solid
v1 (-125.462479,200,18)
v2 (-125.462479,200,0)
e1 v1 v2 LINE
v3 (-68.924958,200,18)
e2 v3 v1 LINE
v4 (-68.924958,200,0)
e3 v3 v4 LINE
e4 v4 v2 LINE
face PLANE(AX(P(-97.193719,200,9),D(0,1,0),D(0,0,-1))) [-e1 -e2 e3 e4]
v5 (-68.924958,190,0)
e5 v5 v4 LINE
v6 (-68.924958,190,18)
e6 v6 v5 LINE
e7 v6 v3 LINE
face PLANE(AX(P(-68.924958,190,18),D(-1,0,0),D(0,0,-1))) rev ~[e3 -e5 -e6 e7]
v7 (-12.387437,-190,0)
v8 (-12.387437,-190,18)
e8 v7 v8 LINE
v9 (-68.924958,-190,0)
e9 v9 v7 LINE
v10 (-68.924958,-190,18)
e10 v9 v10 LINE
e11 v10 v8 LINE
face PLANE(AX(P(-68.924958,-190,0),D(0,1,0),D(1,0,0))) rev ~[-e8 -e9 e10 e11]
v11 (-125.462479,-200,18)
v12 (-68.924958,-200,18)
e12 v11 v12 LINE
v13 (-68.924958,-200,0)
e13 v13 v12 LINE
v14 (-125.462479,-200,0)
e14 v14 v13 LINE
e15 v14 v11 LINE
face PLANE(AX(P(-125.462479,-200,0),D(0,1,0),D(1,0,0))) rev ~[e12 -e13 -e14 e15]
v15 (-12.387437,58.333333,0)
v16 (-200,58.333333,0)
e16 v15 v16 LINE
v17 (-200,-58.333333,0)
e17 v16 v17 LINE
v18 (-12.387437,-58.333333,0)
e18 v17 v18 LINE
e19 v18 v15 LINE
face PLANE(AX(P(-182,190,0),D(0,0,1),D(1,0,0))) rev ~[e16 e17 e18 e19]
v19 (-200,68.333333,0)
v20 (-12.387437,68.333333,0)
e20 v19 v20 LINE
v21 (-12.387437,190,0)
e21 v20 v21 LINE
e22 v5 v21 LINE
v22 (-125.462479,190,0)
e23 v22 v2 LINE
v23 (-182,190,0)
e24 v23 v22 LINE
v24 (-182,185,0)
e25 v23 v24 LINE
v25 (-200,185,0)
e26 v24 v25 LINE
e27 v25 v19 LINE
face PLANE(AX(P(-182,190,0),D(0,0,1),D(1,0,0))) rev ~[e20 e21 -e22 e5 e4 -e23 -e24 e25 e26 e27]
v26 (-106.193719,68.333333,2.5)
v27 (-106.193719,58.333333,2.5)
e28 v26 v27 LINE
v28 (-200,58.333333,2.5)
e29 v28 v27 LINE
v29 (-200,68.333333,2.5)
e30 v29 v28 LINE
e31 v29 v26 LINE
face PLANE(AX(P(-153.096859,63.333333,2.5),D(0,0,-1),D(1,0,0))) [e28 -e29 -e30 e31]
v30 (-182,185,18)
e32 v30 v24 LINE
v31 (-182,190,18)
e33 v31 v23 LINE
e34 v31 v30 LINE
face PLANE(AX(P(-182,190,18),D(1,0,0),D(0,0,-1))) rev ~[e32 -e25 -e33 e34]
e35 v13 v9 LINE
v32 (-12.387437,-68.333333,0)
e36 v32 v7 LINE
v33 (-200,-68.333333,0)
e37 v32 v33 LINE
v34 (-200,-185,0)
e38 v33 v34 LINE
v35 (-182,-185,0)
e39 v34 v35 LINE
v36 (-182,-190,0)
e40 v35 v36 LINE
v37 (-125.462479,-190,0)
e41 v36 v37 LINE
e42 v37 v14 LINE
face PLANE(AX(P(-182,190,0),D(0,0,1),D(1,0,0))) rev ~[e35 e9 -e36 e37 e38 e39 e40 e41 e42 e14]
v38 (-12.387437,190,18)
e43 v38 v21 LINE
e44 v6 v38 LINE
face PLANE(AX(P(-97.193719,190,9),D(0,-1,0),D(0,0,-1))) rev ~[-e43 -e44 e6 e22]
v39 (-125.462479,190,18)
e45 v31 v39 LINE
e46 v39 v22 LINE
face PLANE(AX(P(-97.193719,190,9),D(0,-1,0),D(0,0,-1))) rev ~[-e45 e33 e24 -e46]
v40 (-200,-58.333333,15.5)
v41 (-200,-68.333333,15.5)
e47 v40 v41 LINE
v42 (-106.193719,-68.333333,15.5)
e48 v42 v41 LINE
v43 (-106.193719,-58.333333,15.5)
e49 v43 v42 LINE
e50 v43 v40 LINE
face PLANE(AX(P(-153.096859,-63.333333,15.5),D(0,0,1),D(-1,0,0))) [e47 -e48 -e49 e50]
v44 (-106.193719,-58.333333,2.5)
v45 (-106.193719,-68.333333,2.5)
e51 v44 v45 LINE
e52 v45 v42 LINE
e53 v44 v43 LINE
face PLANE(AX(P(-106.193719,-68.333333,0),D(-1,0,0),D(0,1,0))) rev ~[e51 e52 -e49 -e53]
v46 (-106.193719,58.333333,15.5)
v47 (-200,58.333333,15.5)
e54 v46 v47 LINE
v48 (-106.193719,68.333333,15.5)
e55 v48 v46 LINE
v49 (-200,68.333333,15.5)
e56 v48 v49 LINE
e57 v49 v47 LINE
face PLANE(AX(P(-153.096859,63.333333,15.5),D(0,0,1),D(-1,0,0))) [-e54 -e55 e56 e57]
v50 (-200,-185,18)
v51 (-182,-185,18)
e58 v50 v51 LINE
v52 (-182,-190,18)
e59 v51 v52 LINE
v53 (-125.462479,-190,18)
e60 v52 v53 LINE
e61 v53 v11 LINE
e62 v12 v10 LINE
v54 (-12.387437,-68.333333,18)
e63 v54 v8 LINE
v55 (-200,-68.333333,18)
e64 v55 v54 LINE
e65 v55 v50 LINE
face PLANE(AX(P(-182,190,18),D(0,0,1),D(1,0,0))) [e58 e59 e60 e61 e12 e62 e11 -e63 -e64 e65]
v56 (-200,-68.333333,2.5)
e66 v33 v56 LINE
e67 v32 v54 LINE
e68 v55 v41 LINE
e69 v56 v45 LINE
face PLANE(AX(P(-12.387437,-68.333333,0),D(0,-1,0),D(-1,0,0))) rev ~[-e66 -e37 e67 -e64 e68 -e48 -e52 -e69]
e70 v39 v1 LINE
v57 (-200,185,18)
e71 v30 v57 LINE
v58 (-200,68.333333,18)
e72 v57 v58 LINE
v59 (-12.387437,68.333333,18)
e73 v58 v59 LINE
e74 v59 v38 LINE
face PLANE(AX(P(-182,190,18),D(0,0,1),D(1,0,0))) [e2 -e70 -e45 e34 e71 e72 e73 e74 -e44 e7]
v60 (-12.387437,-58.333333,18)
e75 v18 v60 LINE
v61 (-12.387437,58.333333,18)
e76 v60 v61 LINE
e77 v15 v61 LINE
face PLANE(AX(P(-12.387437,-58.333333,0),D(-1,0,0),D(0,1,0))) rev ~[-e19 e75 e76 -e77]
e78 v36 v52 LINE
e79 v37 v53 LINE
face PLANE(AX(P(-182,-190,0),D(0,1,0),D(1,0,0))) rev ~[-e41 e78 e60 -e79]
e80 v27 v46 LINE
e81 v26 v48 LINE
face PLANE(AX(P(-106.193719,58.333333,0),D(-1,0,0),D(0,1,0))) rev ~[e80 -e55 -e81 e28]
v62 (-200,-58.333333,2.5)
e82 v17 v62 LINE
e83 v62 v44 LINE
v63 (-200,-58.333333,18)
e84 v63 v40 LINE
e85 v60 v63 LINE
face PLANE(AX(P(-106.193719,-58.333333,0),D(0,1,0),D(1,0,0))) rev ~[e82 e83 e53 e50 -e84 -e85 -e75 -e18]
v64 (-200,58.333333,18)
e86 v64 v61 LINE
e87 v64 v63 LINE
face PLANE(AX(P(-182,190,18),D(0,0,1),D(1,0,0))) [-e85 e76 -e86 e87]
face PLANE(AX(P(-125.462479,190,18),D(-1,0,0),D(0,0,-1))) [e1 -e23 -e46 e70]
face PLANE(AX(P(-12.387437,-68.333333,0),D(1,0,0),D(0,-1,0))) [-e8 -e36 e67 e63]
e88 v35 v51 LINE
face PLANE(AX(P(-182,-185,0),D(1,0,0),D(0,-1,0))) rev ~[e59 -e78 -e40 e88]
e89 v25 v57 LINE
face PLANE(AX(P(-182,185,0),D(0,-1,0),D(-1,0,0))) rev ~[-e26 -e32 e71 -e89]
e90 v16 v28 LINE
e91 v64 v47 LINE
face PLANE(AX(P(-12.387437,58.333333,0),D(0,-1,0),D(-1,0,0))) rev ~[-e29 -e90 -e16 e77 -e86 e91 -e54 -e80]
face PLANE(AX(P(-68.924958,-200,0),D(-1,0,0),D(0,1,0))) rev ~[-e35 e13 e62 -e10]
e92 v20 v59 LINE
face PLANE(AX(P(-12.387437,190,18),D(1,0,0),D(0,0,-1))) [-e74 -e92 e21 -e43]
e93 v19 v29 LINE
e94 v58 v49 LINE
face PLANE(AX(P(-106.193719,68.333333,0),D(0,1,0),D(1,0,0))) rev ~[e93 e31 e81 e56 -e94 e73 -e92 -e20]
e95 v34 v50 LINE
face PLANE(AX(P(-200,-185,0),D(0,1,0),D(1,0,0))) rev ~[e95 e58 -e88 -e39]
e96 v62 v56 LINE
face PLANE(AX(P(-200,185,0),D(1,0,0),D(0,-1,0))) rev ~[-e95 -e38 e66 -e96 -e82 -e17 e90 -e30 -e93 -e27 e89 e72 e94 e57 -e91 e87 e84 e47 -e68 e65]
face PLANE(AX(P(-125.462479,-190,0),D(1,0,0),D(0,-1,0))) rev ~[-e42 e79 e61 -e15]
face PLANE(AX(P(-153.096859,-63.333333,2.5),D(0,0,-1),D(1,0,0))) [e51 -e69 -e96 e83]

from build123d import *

# Parameters (mm, degrees)
SKETCH004_W              = 18
SKETCH004_H              = 169.6125627158
PAD003_DEPTH             = 5
SKETCH005_W              = 18
SKETCH005_H              = 56.5375209053
PAD004_DEPTH             = 10
PAD005_DEPTH             = 18
SKETCH007_W              = 93.8062813579
SKETCH007_H              = 10
POCKET_DEPTH             = 2.5
SKETCH008_W              = 93.8062813579
SKETCH008_H              = 10
POCKET001_DEPTH          = 2.5
CLONE024_PITCH_ANGLE     = 90
CLONE024_PLACEMENT_ANGLE = -90


with BuildPart() as part:
    # Sketch004 → Pad003 (new body)
    with BuildSketch(Plane.XY):
        with Locations((0, -97.1937186421)):
            Rectangle(SKETCH004_W, SKETCH004_H)
    extrude(amount=PAD003_DEPTH)

    # Sketch005 (on Face5 of Pad003) → Pad004 (join)
    with BuildSketch(Plane(origin=(0, 0, 0), x_dir=(1, 0, 0), z_dir=(0, 0, -1))):
        with Locations((0, 97.1937186421)):
            Rectangle(SKETCH005_W, SKETCH005_H)
    extrude(amount=PAD004_DEPTH)

    # Sketch006 (on Face9 of Pad004) → Pad005 (join)
    with BuildSketch(Plane.YZ.offset(9)):
        Polygon((-12.3874372842, 0), (-68.9249581895, 0), (-68.9249581895, -10), (-125.4624790947, -10), (-125.4624790947, 0), (-182, 0), (-182, 5), (-200, 5), (-200, 375), (-182, 375), (-182, 380), (-125.4624790947, 380), (-125.4624790947, 390), (-68.9249581895, 390), (-68.9249581895, 380), (-12.3874372842, 380), (-12.3874372842, 375), (-12.3874372842, 258.3333333333), (-106.1937186421, 258.3333333333), (-106.1937186421, 248.3333333333), (-12.3874372842, 248.3333333333), (-12.3874372842, 131.6666666667), (-106.1937186421, 131.6666666667), (-106.1937186421, 121.6666666667), (-12.3874372842, 121.6666666667), (-12.3874372842, 5), align=None)
    extrude(amount=-PAD005_DEPTH)

    # Sketch007 (on Face11 of Pad005) → Pocket (cut)
    with BuildSketch(Plane.YZ.offset(9)):
        with Locations((-153.0968593211, 253.3333333333)):
            Rectangle(SKETCH007_W, SKETCH007_H)
        with Locations((-153.0968593211, 126.6666666667)):
            Rectangle(SKETCH007_W, SKETCH007_H)
    extrude(amount=-POCKET_DEPTH, mode=Mode.SUBTRACT)

    # Sketch008 (on Face9 of Pocket) → Pocket001 (cut)
    with BuildSketch(Plane(origin=(-9, 0, 0), x_dir=(0, -1, 0), z_dir=(-1, 0, 0))):
        with Locations((153.0968593211, 126.6666666667)):
            Rectangle(SKETCH008_W, SKETCH008_H)
        with Locations((153.0968593211, 253.3333333333)):
            Rectangle(SKETCH008_W, SKETCH008_H)
    extrude(amount=-POCKET001_DEPTH, mode=Mode.SUBTRACT)


with BuildPart() as part_1:
    # Body004 placement: moved
    add(part.part.moved(Location((0, 0, 13))))


with BuildPart() as part_2:
    # Clone024 pitch: moved
    add(part_1.part.rotate(Axis((0, 0, 0), (0, 1, 0)), CLONE024_PITCH_ANGLE))


with BuildPart() as part_3:
    # Clone024 placement: moved
    add(part_2.part.moved(Location((0, 203, 9))).rotate(Axis((0, 203, 9), (0, 0, 1)), CLONE024_PLACEMENT_ANGLE))


solid = part_3.part
